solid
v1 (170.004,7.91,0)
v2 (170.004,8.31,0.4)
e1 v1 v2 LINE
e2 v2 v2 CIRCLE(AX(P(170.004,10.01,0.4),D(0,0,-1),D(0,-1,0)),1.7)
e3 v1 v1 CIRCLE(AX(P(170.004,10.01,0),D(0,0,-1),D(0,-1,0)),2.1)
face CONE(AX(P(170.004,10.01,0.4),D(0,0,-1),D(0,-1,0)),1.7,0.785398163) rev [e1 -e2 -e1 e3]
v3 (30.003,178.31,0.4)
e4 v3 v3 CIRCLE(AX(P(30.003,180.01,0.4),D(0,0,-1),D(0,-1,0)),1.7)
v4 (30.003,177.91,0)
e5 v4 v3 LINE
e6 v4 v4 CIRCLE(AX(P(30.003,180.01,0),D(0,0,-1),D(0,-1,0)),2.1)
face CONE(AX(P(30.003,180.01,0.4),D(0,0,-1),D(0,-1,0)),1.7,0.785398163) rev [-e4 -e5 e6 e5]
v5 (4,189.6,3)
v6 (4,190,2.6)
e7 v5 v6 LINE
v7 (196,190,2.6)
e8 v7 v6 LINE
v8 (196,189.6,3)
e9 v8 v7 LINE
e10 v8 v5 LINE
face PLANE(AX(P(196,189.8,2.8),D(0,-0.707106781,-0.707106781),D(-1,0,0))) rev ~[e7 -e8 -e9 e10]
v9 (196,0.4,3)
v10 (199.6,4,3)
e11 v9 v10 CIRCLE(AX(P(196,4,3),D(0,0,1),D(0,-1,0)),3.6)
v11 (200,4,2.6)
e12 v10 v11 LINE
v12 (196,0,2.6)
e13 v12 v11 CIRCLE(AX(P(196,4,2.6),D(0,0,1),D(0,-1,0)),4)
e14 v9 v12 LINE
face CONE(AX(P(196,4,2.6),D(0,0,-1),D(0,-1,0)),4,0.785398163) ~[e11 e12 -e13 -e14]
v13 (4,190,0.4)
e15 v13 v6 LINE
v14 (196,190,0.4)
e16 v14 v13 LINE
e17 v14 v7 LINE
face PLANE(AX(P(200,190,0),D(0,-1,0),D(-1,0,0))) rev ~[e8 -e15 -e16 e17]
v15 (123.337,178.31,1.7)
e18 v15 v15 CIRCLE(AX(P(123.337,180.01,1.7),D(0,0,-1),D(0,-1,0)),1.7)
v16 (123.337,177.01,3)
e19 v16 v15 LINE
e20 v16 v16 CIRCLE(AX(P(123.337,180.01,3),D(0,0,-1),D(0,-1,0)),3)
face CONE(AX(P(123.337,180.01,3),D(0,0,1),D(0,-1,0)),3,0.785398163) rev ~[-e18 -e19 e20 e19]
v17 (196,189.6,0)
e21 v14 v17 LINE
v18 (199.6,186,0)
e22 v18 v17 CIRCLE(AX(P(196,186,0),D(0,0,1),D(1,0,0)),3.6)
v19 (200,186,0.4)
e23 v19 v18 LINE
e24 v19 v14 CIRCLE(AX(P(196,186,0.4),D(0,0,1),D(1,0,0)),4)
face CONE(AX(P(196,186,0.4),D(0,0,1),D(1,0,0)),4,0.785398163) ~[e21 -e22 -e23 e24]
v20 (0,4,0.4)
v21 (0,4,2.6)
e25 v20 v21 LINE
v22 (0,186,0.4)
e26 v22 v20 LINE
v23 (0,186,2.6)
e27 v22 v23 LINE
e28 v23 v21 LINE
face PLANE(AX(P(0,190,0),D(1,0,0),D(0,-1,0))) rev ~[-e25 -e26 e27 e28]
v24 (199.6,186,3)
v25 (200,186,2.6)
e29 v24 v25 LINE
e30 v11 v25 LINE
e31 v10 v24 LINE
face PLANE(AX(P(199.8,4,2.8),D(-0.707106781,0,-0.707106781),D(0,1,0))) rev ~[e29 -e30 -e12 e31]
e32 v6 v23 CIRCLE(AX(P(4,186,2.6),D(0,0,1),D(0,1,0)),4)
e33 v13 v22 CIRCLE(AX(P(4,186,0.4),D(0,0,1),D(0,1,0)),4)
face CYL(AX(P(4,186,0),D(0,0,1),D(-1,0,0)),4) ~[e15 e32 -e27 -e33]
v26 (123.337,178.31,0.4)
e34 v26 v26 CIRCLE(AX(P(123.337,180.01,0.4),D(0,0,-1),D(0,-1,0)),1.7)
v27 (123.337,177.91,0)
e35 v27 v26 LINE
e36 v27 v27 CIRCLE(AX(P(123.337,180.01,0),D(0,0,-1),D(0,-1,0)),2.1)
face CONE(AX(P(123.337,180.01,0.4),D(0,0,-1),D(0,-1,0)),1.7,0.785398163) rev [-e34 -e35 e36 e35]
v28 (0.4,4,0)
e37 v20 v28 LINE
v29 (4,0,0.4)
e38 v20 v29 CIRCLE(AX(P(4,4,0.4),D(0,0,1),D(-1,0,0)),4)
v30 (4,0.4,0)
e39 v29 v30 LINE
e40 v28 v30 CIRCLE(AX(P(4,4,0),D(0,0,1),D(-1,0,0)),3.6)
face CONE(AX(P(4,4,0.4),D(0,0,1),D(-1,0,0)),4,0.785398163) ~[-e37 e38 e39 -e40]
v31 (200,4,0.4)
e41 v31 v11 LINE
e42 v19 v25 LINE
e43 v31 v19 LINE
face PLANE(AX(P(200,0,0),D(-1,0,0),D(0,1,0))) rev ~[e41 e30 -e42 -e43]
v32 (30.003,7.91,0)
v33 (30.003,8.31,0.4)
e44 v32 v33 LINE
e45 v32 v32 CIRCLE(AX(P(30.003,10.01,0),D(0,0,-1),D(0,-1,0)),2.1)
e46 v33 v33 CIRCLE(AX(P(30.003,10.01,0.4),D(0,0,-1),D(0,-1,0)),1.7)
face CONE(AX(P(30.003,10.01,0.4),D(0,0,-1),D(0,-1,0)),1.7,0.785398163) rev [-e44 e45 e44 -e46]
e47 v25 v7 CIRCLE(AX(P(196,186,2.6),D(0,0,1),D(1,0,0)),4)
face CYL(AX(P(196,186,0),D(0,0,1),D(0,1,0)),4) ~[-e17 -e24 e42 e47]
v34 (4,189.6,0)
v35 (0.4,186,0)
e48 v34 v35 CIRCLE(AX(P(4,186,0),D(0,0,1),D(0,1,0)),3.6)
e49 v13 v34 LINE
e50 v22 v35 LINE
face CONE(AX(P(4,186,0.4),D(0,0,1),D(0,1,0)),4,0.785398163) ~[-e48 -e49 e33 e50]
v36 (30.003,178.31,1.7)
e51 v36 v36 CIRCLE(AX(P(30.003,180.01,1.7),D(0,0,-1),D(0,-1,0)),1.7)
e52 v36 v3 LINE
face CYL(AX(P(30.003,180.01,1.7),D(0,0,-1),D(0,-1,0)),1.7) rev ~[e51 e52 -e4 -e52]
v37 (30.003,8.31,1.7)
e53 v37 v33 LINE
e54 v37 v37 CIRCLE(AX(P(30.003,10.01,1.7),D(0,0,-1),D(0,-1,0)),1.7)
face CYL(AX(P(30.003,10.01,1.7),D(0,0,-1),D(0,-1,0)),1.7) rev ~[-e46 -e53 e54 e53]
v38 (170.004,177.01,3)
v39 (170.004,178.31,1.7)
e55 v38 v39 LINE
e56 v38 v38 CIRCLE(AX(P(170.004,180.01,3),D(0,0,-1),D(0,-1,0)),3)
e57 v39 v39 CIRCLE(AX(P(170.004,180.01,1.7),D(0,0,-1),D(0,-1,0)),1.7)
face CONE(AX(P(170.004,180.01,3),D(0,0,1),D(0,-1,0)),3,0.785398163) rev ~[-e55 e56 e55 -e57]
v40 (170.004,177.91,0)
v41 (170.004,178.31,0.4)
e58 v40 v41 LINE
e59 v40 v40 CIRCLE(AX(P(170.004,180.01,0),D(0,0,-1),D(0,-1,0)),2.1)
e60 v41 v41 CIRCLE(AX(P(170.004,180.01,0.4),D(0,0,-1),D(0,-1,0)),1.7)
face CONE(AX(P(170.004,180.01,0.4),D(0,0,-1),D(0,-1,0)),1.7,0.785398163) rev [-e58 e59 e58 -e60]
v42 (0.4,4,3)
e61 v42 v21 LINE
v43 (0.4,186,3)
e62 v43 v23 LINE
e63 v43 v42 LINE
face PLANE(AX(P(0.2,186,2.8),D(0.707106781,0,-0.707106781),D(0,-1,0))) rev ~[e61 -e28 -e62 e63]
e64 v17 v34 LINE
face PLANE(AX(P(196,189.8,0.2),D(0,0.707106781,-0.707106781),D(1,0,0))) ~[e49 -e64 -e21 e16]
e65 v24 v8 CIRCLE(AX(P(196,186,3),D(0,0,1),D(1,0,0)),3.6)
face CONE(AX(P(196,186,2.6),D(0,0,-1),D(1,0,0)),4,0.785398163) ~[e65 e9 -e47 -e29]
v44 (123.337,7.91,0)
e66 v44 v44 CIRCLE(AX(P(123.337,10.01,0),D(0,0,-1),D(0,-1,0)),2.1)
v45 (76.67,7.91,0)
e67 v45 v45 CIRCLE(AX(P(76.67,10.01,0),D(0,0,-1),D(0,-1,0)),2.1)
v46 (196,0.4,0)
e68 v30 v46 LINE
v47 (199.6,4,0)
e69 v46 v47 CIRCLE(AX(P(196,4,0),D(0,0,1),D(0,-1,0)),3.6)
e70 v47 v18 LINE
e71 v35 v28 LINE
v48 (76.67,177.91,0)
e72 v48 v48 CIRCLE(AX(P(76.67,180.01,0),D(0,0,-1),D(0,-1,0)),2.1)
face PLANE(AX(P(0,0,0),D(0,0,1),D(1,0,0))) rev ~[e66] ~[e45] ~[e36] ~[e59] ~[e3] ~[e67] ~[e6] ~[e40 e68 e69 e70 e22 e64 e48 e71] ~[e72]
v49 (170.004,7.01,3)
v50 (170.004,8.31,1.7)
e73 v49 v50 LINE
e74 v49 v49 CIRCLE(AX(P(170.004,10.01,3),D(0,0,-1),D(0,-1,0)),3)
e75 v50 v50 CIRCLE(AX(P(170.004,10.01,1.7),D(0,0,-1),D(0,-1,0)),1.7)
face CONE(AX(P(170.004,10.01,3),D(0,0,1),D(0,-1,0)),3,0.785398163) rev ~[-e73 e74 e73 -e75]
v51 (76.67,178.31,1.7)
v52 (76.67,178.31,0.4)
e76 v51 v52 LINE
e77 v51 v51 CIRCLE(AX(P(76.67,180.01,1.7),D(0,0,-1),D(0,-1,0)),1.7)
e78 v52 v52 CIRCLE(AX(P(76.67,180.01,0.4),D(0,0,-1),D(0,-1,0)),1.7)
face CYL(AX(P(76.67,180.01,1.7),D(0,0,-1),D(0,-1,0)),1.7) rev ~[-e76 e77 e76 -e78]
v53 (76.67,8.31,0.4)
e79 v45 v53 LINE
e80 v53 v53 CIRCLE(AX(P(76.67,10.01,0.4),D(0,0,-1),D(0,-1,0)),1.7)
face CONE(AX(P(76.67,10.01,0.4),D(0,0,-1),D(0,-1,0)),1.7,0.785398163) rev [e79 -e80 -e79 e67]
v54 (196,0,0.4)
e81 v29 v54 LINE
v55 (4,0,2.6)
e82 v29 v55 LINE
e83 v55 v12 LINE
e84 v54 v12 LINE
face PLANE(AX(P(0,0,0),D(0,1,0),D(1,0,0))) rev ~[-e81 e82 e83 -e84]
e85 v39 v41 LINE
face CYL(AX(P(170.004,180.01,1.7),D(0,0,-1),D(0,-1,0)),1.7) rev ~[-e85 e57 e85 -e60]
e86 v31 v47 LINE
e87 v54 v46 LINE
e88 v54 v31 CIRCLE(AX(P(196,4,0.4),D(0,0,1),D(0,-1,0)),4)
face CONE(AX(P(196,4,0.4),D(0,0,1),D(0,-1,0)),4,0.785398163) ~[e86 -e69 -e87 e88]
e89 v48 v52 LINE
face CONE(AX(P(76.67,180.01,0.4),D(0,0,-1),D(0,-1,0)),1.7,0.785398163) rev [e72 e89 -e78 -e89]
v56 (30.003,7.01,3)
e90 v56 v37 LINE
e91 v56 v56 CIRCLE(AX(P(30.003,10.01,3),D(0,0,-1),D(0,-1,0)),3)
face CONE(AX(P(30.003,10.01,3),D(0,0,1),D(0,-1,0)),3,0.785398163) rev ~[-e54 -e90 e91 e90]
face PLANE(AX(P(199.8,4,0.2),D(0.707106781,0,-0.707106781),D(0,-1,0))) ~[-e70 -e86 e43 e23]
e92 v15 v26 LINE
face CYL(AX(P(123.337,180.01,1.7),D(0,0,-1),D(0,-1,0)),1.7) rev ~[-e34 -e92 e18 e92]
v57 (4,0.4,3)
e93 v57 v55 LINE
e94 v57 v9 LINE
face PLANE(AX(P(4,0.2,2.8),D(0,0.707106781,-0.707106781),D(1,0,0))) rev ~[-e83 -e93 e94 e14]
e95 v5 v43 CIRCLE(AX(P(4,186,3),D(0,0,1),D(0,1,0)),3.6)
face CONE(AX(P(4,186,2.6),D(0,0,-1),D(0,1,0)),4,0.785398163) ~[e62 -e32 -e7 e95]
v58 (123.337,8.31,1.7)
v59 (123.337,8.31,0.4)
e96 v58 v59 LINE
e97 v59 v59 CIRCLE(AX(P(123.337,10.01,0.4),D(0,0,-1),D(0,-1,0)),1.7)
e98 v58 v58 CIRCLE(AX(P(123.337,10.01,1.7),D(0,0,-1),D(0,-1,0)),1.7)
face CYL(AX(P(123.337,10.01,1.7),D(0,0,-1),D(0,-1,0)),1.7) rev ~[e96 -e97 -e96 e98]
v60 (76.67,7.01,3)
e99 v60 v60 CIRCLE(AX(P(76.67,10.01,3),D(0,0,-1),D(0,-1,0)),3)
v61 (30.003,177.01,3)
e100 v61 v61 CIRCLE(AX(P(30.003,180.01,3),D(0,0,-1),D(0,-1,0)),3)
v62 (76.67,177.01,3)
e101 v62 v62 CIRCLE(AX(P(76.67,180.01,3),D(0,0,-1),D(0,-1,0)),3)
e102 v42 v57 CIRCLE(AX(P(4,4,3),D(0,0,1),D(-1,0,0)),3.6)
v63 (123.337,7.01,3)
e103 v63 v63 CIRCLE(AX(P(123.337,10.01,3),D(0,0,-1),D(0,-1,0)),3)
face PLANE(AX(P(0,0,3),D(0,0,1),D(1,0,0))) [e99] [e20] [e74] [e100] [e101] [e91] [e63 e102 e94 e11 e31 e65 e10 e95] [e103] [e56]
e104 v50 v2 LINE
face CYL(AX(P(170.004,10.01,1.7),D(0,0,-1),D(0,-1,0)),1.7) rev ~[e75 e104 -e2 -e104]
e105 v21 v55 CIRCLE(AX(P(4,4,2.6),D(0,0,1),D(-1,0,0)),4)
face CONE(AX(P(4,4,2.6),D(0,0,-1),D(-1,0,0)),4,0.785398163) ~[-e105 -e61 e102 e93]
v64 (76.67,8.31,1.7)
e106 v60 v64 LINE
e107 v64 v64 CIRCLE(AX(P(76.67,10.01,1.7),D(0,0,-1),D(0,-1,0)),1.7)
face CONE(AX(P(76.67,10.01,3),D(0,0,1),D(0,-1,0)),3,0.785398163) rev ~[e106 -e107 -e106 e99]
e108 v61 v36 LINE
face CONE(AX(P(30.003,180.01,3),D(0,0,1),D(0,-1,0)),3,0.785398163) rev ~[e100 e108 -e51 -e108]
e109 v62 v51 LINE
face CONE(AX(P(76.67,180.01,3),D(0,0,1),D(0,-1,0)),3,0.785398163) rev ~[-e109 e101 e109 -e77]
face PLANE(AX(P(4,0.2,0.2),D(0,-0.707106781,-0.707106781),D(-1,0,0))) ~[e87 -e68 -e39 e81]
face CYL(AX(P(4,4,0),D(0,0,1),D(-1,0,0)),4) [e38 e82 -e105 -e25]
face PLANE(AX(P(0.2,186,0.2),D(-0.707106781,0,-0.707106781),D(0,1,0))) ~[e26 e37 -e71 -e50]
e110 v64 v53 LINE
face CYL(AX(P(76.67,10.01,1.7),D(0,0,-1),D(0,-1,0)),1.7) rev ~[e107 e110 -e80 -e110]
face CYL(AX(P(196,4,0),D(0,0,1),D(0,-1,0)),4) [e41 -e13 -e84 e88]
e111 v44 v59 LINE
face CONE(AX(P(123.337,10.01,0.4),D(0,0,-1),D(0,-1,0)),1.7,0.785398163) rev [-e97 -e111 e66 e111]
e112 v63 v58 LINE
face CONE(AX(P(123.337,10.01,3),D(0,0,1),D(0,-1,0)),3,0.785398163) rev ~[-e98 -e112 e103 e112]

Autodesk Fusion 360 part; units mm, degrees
sketch "Sketch1" plane through (0, 0, 0) normal (0, 0, 1) x (1, 0, 0)
  line L0 (0, 0) -> (200, 0)
  line L1 (200, 0) -> (200, 190)
  line L2 (200, 190) -> (0, 190)
  line L3 (0, 190) -> (0, 0)
  dimension "d1" = 200
  dimension "d2" = 190
extrude "Extrude1" add sketch "Sketch1" along normal blind 3
sketch "Sketch2" plane through (0, 0, 3) normal (0, 0, 1) x (-1, 0, 0)
  line L0 (0, -190) -> (0, 0)
  line L1 (0, 0) -> (-200, 0)
  line L2 (-200, 0) -> (-200, -190)
  line L3 (-200, -190) -> (0, -190)
  point P0 (-30.003, -10.01)
  point P1 (-76.67, -10.01)
  point P2 (-123.337, -10.01)
  point P3 (-170.004, -10.01)
  point P4 (-30.003, -180.01)
  point P5 (-76.67, -180.01)
  point P6 (-123.337, -180.01)
  point P7 (-170.004, -180.01)
  dimension "d5" = 30.003
  dimension "d6" = 10.01
  dimension "d9" = 46.667
  dimension "d10" = 170
hole "Hole1" at (30.003, 10.01, 3) at (76.67, 10.01, 3) at (123.337, 10.01, 3) at (170.004, 10.01, 3) at (170.004, 180.01, 3) at (123.337, 180.01, 3) at (76.67, 180.01, 3) at (30.003, 180.01, 3) direction (0, 0, -1) diameter 3.4 end through all countersink diameter 6 countersink angle 90
fillet "Fillet2" radius 4 4 edges at (0, 190, 1.5) (200, 190, 1.5) (200, 0, 1.5) (0, 0, 1.5)
chamfer "Chamfer1" distance 0.4 angle 45 4 edges at (100, 0, 3) (0, 95, 3) (100, 190, 3) (200, 95, 3) 1 faces at (139.0678, 122.8044, 0)
equation "d5 = 28.303 mm + 1.7 mm"
equation "d6 = 8.310 mm + 1.7 mm"
